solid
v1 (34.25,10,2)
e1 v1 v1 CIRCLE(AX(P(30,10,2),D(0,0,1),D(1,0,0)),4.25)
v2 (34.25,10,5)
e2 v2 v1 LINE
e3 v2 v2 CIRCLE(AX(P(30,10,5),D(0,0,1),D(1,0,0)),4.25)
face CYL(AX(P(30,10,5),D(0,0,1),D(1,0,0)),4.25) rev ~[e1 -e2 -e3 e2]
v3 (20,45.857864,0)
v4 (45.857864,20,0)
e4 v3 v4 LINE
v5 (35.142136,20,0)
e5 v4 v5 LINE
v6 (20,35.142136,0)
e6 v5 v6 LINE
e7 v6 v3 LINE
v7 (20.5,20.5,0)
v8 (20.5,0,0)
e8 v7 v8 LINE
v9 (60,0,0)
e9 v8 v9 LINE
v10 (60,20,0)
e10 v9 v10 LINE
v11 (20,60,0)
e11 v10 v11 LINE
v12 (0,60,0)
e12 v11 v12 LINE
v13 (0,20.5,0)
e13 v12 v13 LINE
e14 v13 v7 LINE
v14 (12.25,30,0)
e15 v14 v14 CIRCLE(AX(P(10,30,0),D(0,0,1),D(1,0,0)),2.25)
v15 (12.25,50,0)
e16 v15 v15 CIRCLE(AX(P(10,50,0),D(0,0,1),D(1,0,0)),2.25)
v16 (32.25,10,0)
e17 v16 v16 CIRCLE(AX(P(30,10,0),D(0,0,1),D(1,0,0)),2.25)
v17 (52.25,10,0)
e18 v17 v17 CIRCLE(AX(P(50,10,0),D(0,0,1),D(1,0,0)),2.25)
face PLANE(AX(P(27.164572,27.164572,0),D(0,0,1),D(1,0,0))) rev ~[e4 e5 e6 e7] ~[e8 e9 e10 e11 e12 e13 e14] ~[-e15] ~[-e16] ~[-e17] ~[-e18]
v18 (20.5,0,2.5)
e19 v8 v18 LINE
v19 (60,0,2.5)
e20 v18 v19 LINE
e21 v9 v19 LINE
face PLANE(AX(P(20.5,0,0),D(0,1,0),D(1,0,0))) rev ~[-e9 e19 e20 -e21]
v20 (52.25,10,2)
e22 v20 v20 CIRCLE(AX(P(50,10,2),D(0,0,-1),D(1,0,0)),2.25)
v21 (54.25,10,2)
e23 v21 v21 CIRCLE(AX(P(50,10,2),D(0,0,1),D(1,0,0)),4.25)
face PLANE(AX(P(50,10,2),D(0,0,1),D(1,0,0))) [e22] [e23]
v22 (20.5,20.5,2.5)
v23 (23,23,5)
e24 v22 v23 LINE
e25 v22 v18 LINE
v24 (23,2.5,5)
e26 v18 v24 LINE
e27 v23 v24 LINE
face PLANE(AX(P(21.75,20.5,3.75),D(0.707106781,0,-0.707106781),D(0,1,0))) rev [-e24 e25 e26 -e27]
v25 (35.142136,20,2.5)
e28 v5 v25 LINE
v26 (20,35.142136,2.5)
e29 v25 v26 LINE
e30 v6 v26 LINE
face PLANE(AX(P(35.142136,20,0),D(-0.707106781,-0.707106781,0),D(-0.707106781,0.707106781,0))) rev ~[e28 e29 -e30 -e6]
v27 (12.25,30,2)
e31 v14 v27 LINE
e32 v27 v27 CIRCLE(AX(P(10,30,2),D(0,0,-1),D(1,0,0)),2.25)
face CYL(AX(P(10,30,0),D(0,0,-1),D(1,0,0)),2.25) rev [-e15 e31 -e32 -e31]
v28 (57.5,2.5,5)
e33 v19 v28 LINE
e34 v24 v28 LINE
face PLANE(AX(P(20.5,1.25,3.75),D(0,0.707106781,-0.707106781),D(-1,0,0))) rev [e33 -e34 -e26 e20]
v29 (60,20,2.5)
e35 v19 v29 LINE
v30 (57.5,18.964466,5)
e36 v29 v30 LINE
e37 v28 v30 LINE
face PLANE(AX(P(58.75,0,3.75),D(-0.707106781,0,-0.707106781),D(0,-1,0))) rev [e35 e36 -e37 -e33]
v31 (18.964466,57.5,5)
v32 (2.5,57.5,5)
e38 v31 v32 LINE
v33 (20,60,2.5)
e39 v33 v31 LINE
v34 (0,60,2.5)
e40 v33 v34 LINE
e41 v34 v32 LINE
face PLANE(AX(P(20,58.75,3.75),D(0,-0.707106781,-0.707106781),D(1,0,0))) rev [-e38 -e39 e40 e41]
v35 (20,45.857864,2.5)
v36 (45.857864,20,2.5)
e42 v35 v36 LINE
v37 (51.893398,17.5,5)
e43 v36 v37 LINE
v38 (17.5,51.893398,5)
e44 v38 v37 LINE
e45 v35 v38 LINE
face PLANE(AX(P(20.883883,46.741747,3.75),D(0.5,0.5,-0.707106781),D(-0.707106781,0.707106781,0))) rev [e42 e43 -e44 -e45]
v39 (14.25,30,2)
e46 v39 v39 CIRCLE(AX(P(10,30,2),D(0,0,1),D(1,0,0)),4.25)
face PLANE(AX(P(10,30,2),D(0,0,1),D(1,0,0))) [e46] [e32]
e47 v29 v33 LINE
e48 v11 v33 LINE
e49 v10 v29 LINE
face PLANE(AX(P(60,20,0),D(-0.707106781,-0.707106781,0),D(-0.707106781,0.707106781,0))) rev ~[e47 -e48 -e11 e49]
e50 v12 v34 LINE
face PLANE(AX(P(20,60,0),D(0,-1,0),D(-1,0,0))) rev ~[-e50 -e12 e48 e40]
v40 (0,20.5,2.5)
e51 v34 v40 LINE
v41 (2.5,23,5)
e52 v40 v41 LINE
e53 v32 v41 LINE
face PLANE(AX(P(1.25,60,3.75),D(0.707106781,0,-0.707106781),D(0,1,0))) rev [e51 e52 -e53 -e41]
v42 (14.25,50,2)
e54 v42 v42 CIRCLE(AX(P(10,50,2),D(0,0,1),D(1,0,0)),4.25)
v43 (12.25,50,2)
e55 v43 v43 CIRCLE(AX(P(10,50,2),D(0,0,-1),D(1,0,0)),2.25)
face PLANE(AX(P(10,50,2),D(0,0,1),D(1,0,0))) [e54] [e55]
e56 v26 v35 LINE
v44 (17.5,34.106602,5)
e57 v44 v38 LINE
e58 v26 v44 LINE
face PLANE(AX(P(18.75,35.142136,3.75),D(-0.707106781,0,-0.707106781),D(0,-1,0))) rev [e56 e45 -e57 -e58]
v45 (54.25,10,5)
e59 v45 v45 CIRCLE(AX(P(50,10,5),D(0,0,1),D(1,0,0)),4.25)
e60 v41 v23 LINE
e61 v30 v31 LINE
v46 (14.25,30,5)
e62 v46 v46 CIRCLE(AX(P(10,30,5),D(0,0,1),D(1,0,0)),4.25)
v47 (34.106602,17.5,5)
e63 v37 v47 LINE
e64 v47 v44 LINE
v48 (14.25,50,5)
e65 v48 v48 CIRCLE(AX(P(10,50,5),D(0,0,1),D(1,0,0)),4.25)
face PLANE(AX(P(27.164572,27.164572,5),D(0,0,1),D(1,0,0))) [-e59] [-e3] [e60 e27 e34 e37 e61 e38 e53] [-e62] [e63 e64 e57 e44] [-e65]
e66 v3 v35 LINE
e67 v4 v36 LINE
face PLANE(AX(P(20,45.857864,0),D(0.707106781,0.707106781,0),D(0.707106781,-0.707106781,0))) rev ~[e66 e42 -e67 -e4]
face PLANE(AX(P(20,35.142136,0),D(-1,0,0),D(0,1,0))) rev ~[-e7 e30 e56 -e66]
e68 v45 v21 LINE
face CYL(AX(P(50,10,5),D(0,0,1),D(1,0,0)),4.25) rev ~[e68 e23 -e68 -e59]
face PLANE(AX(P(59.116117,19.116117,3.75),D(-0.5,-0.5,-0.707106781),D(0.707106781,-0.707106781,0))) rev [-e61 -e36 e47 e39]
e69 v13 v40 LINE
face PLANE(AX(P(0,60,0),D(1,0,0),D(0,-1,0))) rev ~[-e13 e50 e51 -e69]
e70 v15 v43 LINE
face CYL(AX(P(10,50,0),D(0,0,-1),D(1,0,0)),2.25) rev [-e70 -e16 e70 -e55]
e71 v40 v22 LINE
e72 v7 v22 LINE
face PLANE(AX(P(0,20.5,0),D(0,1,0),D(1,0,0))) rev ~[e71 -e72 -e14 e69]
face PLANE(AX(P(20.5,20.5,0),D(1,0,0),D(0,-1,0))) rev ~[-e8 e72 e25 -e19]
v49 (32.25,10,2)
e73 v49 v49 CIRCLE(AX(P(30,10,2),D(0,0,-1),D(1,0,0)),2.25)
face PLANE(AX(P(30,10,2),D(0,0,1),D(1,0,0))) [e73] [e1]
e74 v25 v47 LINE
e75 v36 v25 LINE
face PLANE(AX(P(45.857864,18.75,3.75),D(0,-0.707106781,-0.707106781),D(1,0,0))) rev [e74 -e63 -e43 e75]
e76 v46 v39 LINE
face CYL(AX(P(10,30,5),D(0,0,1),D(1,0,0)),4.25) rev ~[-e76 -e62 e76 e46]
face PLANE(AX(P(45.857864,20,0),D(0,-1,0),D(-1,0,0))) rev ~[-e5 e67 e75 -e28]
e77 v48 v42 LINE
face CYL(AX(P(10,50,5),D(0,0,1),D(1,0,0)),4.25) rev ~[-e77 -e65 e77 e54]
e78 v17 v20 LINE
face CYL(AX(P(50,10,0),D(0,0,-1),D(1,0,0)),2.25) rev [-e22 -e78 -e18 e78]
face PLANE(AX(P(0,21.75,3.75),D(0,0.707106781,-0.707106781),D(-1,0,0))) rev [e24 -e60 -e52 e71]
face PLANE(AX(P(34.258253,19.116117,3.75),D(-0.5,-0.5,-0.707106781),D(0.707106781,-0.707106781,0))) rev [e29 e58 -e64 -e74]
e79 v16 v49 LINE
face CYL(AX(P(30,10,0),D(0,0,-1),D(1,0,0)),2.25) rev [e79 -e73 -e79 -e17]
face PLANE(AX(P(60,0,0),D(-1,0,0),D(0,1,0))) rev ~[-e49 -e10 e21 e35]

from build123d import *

# Parameters (mm, degrees)
F0_R     = 2.25
F1_DEPTH = 5
F2_SIZE  = 2.5
F3_R     = 4.25
F4_DEPTH = 3


with BuildPart() as f1:
    # F0 (on Top) → F1 (new body)
    with BuildSketch(Plane.XY):
        Polygon((0, 60), (0, 20.5), (20.5, 20.5), (20.5, 0), (60, 0), (60, 20), (20, 60), align=None)
        with Locations((10, 30)):
            Circle(F0_R, mode=Mode.SUBTRACT)
        with Locations((30, 10)):
            Circle(F0_R, mode=Mode.SUBTRACT)
        with Locations((50, 10)):
            Circle(F0_R, mode=Mode.SUBTRACT)
        with Locations((10, 50)):
            Circle(F0_R, mode=Mode.SUBTRACT)
        Polygon((20, 35.142136), (20, 45.857864), (45.857864, 20), (35.142136, 20), align=None, mode=Mode.SUBTRACT)
    extrude(amount=F1_DEPTH)

    # F2
    f2_edges = [f1.edges().sort_by_distance(p)[0] for p in [
        (10.25, 20.5, 5),
        (20.5, 10.25, 5),
        (40.25, 0, 5),
        (60, 10, 5),
        (40, 40, 5),
        (10, 60, 5),
        (0, 40.25, 5),
        (20, 40.5, 5),
        (32.928932, 32.928932, 5),
        (40.5, 20, 5),
        (27.571068, 27.571068, 5),
    ]]
    chamfer(f2_edges, length=F2_SIZE)

    # F3 (on face) → F4 (cut)
    with BuildSketch(Plane.XY.offset(5)):
        with Locations((10, 50)):
            Circle(F3_R)
        with Locations((10, 30)):
            Circle(F3_R)
        with Locations((30, 10)):
            Circle(F3_R)
        with Locations((50, 10)):
            Circle(F3_R)
    extrude(amount=-F4_DEPTH, mode=Mode.SUBTRACT)


solid = f1.part
